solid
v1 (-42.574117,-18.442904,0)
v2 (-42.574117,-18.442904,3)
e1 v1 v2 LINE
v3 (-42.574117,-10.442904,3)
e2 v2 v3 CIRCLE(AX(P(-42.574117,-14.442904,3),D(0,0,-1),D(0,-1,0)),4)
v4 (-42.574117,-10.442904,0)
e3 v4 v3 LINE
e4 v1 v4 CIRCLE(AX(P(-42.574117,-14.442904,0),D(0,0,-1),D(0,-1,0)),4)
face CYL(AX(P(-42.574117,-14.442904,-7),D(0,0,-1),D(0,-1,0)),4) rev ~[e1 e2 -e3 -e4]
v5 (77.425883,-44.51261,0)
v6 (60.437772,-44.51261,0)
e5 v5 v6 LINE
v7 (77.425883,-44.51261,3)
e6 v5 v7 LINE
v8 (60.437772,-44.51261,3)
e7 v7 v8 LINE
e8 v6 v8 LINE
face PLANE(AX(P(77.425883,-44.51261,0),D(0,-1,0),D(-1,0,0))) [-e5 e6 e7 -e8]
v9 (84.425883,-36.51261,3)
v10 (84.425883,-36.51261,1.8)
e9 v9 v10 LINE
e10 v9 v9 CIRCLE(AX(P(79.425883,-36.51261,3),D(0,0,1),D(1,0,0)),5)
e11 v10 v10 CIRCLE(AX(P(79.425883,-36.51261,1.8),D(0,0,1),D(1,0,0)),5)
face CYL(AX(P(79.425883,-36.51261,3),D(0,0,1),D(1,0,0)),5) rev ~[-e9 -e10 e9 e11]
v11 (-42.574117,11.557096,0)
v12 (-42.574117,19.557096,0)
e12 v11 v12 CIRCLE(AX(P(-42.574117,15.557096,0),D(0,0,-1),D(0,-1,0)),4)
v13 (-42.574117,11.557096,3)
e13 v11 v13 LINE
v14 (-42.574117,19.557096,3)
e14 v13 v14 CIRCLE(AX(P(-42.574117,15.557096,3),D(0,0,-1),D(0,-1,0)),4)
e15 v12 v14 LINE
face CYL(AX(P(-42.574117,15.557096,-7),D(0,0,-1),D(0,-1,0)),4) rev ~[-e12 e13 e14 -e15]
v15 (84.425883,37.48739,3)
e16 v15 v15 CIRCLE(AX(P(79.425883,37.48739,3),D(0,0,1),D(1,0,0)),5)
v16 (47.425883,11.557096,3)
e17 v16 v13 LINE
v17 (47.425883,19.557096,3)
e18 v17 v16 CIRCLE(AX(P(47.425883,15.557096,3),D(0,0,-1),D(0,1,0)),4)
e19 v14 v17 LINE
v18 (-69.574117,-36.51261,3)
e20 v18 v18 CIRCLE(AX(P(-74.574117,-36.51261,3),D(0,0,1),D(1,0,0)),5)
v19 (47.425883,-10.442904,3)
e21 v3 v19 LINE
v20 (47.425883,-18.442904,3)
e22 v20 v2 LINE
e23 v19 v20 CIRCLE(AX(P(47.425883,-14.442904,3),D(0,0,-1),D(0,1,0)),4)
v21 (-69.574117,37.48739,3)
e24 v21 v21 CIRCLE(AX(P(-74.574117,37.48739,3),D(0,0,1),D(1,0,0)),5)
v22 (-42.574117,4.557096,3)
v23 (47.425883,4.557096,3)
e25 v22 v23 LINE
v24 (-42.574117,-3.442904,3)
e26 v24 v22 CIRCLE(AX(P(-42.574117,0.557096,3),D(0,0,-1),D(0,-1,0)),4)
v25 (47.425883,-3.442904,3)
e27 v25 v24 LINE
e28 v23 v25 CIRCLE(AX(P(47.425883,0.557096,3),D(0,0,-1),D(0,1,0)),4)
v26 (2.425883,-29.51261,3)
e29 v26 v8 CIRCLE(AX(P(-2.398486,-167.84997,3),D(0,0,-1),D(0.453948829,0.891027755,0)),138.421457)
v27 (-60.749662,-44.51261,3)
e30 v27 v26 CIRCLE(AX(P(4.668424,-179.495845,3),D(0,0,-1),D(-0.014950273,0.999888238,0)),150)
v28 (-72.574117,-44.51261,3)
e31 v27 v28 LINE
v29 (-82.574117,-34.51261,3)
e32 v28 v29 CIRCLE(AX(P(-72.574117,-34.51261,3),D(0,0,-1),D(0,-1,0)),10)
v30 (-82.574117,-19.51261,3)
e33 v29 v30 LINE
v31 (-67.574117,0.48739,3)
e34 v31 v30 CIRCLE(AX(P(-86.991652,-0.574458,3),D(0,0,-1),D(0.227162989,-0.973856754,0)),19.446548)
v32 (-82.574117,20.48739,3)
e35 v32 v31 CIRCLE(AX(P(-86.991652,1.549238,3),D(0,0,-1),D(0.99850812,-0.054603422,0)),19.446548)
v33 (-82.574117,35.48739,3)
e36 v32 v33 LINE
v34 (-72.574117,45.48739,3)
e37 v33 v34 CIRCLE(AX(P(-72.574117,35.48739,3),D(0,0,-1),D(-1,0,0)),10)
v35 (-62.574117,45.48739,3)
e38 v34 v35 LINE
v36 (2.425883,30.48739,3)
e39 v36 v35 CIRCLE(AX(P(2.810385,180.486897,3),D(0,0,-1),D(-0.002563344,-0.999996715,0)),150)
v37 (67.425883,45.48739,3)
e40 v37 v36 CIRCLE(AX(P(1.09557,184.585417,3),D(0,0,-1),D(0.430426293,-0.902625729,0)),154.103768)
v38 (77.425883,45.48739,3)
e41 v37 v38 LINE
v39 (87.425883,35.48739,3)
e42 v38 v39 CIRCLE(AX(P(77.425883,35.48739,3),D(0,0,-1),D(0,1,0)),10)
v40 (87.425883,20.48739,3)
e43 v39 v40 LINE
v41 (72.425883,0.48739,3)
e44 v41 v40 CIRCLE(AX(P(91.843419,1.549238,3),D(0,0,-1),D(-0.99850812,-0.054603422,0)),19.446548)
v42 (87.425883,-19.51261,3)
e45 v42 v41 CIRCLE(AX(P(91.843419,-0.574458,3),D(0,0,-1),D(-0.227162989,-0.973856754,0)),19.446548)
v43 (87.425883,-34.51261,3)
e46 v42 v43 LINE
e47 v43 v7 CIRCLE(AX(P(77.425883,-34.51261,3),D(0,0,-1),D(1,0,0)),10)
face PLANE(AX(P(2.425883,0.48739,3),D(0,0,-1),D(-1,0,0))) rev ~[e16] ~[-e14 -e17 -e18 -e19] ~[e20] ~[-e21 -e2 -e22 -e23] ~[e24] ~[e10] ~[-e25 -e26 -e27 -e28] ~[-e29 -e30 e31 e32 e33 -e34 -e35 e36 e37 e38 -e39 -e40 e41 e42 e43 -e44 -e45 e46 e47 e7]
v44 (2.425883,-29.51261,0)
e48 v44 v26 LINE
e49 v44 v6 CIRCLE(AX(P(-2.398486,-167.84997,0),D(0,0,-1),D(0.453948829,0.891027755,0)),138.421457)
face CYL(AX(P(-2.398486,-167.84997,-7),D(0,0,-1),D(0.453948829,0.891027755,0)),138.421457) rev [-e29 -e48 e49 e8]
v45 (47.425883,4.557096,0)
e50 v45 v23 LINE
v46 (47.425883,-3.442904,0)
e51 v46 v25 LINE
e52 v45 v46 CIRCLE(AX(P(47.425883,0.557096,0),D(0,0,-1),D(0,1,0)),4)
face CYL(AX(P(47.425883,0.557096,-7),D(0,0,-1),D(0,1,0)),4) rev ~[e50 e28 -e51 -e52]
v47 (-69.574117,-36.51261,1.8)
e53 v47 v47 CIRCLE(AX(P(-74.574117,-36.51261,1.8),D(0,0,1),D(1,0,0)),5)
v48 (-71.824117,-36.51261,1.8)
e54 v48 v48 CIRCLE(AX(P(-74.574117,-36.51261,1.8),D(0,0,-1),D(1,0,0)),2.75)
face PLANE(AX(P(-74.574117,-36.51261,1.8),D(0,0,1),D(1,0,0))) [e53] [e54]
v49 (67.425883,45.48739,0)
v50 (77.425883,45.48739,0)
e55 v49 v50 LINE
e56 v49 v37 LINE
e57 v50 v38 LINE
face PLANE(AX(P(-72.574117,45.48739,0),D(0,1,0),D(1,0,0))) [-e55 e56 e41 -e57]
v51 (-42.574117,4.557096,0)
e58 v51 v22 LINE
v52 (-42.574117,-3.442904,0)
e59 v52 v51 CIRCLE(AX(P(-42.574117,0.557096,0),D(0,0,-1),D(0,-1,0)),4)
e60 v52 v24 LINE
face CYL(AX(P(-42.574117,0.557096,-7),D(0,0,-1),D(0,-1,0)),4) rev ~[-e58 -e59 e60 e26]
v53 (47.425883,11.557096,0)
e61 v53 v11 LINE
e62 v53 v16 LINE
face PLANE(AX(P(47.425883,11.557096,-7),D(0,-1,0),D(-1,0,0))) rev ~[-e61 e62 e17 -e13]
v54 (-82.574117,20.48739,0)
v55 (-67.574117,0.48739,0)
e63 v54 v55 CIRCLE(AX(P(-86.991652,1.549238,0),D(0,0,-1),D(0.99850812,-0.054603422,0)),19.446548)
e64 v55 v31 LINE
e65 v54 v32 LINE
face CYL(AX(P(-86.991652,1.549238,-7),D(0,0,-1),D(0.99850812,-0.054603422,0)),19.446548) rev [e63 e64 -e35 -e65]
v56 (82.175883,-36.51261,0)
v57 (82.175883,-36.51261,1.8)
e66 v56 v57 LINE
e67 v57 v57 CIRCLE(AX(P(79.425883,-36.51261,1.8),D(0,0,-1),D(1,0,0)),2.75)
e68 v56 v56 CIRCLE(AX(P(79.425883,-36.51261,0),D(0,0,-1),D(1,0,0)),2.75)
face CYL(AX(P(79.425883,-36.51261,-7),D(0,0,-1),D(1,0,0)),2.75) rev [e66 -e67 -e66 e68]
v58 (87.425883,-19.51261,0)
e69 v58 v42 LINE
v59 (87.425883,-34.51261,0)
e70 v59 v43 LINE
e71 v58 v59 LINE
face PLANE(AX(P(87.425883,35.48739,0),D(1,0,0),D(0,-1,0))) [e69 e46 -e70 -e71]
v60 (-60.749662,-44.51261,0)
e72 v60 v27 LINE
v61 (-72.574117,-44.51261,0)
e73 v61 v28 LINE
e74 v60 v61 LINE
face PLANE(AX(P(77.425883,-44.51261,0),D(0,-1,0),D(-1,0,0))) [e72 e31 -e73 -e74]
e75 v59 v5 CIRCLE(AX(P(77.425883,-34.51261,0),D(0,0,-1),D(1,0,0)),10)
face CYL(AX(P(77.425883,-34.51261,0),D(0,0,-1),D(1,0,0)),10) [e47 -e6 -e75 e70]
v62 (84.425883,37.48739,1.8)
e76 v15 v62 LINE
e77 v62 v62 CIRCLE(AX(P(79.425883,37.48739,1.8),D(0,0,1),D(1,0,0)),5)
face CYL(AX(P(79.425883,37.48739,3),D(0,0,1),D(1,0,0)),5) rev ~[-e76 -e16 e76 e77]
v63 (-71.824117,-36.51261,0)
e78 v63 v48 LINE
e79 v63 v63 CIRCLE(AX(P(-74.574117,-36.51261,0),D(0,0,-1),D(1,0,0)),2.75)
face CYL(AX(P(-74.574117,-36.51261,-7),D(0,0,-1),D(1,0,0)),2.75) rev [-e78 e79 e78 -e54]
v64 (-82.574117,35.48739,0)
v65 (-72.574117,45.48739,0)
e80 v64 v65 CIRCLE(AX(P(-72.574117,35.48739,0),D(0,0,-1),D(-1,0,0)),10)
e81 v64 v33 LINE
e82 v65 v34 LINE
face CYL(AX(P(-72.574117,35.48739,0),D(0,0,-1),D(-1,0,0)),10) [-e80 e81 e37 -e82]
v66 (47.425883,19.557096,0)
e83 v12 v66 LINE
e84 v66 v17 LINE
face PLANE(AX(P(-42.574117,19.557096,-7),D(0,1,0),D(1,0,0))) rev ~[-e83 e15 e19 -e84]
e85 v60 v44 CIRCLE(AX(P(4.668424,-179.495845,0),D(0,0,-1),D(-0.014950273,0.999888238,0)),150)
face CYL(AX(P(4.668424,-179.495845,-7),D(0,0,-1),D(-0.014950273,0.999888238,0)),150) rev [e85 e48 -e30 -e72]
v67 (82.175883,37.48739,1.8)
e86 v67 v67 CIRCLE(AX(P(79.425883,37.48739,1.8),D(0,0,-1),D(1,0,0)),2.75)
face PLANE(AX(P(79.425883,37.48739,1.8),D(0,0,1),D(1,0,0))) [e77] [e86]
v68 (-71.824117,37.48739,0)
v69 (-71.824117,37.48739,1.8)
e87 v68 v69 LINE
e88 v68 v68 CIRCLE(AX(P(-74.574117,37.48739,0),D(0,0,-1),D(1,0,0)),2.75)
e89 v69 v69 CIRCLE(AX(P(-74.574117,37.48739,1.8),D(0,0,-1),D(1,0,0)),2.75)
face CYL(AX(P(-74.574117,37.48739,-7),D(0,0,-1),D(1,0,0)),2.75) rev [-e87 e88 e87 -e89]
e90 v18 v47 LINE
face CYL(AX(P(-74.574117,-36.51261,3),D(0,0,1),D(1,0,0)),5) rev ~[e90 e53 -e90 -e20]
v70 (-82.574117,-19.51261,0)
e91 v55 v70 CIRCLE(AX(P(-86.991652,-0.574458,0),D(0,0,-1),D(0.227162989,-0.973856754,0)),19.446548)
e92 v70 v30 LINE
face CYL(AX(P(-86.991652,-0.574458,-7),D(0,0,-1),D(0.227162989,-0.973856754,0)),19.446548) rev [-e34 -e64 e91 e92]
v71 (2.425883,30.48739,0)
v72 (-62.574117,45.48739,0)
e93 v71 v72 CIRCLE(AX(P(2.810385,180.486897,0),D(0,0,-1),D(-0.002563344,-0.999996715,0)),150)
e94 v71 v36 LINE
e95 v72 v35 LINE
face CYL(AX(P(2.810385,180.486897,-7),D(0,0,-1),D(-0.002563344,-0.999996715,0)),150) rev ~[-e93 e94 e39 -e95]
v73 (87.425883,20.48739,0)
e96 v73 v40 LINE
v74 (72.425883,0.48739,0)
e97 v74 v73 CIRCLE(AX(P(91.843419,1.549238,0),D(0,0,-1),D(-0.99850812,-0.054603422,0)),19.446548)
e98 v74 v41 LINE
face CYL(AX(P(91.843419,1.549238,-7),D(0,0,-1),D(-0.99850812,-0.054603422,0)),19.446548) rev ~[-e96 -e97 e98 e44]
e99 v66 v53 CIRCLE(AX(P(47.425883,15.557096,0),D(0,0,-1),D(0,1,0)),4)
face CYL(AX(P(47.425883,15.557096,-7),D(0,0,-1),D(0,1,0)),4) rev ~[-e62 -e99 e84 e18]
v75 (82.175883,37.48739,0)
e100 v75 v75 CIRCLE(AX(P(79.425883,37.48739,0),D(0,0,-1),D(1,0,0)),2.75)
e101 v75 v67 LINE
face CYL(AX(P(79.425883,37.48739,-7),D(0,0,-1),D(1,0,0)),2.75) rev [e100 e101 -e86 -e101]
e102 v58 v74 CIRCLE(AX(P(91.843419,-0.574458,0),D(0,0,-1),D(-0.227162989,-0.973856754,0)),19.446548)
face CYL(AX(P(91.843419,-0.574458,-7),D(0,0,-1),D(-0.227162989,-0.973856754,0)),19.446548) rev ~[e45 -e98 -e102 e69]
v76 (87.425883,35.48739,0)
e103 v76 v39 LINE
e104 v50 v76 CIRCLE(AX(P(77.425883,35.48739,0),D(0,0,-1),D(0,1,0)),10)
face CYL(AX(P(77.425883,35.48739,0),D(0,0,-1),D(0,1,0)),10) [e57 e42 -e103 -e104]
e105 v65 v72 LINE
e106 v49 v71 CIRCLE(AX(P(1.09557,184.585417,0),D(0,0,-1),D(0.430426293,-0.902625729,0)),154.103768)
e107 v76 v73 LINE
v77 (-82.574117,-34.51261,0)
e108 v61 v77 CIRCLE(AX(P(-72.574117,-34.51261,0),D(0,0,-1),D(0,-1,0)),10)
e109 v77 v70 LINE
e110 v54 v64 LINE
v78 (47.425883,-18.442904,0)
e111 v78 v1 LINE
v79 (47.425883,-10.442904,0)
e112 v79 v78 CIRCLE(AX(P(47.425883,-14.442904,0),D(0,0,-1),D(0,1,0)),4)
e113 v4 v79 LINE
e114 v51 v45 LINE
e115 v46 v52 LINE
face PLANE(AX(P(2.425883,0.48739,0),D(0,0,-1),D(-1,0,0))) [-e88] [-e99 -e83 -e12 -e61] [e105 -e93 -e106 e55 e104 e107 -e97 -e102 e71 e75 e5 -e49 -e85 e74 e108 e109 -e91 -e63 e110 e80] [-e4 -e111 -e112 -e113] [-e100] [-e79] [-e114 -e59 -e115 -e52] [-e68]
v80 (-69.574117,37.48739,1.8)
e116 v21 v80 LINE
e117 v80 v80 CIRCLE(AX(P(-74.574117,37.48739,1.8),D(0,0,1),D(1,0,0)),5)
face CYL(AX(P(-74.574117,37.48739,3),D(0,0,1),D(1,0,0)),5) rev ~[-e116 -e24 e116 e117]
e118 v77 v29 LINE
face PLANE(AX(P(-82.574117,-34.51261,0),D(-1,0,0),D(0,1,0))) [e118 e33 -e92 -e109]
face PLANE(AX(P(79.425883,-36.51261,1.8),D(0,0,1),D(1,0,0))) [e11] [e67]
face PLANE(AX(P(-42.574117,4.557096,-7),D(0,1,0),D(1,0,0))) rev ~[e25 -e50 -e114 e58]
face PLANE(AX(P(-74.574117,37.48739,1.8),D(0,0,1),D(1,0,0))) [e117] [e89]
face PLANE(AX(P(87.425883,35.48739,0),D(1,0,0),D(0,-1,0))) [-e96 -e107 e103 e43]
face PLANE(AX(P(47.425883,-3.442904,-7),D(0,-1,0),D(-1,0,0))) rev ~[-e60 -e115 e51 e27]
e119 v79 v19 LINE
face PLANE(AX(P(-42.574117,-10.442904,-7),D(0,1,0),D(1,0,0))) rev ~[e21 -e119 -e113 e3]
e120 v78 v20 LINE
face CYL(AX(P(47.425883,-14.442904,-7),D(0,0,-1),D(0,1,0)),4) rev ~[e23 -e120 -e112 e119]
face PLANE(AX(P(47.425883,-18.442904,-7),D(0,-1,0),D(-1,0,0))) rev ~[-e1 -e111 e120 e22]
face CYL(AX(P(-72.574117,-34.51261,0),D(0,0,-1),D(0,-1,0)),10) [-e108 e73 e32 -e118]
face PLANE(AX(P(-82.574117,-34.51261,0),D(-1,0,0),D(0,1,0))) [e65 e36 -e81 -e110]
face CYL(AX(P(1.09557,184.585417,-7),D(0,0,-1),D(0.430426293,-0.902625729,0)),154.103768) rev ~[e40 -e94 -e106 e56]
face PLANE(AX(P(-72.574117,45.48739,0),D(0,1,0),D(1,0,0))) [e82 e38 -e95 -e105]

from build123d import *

# Parameters (mm, degrees)
EXTRUDE_1_DEPTH          = 3
CUT_EXTRUDE_1_DEPTH      = 42
CUT_EXTRUDE_1_DEPTH_BACK = 10
SKETCH_2_R               = 2.75
SKETCH_3_R               = 5
CUT_EXTRUDE_2_DEPTH      = 1.2


with BuildPart() as part:
    # 草图1 → 凸台-拉伸1 (new body)
    with BuildSketch(Plane.XY):
        with BuildLine():
            Line((-72.574116531, 45.487390308), (77.425883469, 45.487390308))
            ThreePointArc((77.425883469, 45.487390308), (84.496951281, 42.558458119), (87.425883469, 35.487390308))
            Line((87.425883469, 35.487390308), (87.425883469, -34.512609692))
            ThreePointArc((87.425883469, -34.512609692), (84.496951281, -41.583677504), (77.425883469, -44.512609692))
            Line((77.425883469, -44.512609692), (-72.574116531, -44.512609692))
            ThreePointArc((-72.574116531, -44.512609692), (-79.645184343, -41.583677504), (-82.574116531, -34.512609692))
            Line((-82.574116531, -34.512609692), (-82.574116531, 35.487390308))
            ThreePointArc((-82.574116531, 35.487390308), (-79.645184343, 42.558458119), (-72.574116531, 45.487390308))
        make_face()
    extrude(amount=EXTRUDE_1_DEPTH)

    # 草图2 → 切除-拉伸1 (cut, two sides: drawn at the far end of the back side and taken through both)
    with BuildSketch(Plane.XY.offset(3).offset(-CUT_EXTRUDE_1_DEPTH_BACK)):
        with Locations((-74.574116531, 37.487390308)):
            Circle(SKETCH_2_R)
        with Locations((-74.574116531, -36.512609692)):
            Circle(SKETCH_2_R)
        with Locations((79.425883469, 37.487390308)):
            Circle(SKETCH_2_R)
        with Locations((79.425883469, -36.512609692)):
            Circle(SKETCH_2_R)
        with BuildLine():
            Line((-60.749662301, -44.512609692), (60.437772164, -44.512609692))
            ThreePointArc((60.437772164, -44.512609692), (32.253211404, -33.835942142), (2.425883469, -29.512609692))
            ThreePointArc((2.425883469, -29.512609692), (-29.983273004, -33.55318593), (-60.749662301, -44.512609692))
        make_face()
        with BuildLine():
            Line((-62.574116531, 45.487390308), (67.425883469, 45.487390308))
            ThreePointArc((67.425883469, 45.487390308), (35.747267057, 34.428061428), (2.425883469, 30.487390308))
            ThreePointArc((2.425883469, 30.487390308), (-30.918540876, 34.328218147), (-62.574116531, 45.487390308))
        make_face()
        with BuildLine():
            Line((87.425883469, 20.487390308), (87.425883469, -19.512609692))
            ThreePointArc((87.425883469, -19.512609692), (76.286181126, -12.242386449), (72.425883469, 0.487390308))
            ThreePointArc((72.425883469, 0.487390308), (76.286181126, 13.217167065), (87.425883469, 20.487390308))
        make_face()
        with BuildLine():
            Line((-82.574116531, 20.487390308), (-82.574116531, -19.512609692))
            ThreePointArc((-82.574116531, -19.512609692), (-71.434414188, -12.242386449), (-67.574116531, 0.487390308))
            ThreePointArc((-67.574116531, 0.487390308), (-71.434414188, 13.217167065), (-82.574116531, 20.487390308))
        make_face()
        with BuildLine():
            Line((-42.574116531, 19.557096341), (47.425883469, 19.557096341))
            ThreePointArc((47.425883469, 19.557096341), (51.425883469, 15.557096341), (47.425883469, 11.557096341))
            Line((47.425883469, 11.557096341), (-42.574116531, 11.557096341))
            ThreePointArc((-42.574116531, 11.557096341), (-46.574116531, 15.557096341), (-42.574116531, 19.557096341))
        make_face()
        with BuildLine():
            Line((-42.574116531, 4.557096341), (47.425883469, 4.557096341))
            ThreePointArc((47.425883469, 4.557096341), (51.425883469, 0.557096341), (47.425883469, -3.442903659))
            Line((47.425883469, -3.442903659), (-42.574116531, -3.442903659))
            ThreePointArc((-42.574116531, -3.442903659), (-46.574116531, 0.557096341), (-42.574116531, 4.557096341))
        make_face()
        with BuildLine():
            Line((-42.574116531, -10.442903659), (47.425883469, -10.442903659))
            ThreePointArc((47.425883469, -10.442903659), (51.425883469, -14.442903659), (47.425883469, -18.442903659))
            Line((47.425883469, -18.442903659), (-42.574116531, -18.442903659))
            ThreePointArc((-42.574116531, -18.442903659), (-46.574116531, -14.442903659), (-42.574116531, -10.442903659))
        make_face()
    extrude(amount=CUT_EXTRUDE_1_DEPTH + CUT_EXTRUDE_1_DEPTH_BACK, mode=Mode.SUBTRACT)

    # 草图3 → 切除-拉伸2 (cut)
    with BuildSketch(Plane.XY.offset(3)):
        with Locations((-74.574116531, 37.487390308)):
            Circle(SKETCH_3_R)
        with Locations((79.425883469, 37.487390308)):
            Circle(SKETCH_3_R)
        with Locations((79.425883469, -36.512609692)):
            Circle(SKETCH_3_R)
        with Locations((-74.574116531, -36.512609692)):
            Circle(SKETCH_3_R)
    extrude(amount=-CUT_EXTRUDE_2_DEPTH, mode=Mode.SUBTRACT)


solid = part.part
